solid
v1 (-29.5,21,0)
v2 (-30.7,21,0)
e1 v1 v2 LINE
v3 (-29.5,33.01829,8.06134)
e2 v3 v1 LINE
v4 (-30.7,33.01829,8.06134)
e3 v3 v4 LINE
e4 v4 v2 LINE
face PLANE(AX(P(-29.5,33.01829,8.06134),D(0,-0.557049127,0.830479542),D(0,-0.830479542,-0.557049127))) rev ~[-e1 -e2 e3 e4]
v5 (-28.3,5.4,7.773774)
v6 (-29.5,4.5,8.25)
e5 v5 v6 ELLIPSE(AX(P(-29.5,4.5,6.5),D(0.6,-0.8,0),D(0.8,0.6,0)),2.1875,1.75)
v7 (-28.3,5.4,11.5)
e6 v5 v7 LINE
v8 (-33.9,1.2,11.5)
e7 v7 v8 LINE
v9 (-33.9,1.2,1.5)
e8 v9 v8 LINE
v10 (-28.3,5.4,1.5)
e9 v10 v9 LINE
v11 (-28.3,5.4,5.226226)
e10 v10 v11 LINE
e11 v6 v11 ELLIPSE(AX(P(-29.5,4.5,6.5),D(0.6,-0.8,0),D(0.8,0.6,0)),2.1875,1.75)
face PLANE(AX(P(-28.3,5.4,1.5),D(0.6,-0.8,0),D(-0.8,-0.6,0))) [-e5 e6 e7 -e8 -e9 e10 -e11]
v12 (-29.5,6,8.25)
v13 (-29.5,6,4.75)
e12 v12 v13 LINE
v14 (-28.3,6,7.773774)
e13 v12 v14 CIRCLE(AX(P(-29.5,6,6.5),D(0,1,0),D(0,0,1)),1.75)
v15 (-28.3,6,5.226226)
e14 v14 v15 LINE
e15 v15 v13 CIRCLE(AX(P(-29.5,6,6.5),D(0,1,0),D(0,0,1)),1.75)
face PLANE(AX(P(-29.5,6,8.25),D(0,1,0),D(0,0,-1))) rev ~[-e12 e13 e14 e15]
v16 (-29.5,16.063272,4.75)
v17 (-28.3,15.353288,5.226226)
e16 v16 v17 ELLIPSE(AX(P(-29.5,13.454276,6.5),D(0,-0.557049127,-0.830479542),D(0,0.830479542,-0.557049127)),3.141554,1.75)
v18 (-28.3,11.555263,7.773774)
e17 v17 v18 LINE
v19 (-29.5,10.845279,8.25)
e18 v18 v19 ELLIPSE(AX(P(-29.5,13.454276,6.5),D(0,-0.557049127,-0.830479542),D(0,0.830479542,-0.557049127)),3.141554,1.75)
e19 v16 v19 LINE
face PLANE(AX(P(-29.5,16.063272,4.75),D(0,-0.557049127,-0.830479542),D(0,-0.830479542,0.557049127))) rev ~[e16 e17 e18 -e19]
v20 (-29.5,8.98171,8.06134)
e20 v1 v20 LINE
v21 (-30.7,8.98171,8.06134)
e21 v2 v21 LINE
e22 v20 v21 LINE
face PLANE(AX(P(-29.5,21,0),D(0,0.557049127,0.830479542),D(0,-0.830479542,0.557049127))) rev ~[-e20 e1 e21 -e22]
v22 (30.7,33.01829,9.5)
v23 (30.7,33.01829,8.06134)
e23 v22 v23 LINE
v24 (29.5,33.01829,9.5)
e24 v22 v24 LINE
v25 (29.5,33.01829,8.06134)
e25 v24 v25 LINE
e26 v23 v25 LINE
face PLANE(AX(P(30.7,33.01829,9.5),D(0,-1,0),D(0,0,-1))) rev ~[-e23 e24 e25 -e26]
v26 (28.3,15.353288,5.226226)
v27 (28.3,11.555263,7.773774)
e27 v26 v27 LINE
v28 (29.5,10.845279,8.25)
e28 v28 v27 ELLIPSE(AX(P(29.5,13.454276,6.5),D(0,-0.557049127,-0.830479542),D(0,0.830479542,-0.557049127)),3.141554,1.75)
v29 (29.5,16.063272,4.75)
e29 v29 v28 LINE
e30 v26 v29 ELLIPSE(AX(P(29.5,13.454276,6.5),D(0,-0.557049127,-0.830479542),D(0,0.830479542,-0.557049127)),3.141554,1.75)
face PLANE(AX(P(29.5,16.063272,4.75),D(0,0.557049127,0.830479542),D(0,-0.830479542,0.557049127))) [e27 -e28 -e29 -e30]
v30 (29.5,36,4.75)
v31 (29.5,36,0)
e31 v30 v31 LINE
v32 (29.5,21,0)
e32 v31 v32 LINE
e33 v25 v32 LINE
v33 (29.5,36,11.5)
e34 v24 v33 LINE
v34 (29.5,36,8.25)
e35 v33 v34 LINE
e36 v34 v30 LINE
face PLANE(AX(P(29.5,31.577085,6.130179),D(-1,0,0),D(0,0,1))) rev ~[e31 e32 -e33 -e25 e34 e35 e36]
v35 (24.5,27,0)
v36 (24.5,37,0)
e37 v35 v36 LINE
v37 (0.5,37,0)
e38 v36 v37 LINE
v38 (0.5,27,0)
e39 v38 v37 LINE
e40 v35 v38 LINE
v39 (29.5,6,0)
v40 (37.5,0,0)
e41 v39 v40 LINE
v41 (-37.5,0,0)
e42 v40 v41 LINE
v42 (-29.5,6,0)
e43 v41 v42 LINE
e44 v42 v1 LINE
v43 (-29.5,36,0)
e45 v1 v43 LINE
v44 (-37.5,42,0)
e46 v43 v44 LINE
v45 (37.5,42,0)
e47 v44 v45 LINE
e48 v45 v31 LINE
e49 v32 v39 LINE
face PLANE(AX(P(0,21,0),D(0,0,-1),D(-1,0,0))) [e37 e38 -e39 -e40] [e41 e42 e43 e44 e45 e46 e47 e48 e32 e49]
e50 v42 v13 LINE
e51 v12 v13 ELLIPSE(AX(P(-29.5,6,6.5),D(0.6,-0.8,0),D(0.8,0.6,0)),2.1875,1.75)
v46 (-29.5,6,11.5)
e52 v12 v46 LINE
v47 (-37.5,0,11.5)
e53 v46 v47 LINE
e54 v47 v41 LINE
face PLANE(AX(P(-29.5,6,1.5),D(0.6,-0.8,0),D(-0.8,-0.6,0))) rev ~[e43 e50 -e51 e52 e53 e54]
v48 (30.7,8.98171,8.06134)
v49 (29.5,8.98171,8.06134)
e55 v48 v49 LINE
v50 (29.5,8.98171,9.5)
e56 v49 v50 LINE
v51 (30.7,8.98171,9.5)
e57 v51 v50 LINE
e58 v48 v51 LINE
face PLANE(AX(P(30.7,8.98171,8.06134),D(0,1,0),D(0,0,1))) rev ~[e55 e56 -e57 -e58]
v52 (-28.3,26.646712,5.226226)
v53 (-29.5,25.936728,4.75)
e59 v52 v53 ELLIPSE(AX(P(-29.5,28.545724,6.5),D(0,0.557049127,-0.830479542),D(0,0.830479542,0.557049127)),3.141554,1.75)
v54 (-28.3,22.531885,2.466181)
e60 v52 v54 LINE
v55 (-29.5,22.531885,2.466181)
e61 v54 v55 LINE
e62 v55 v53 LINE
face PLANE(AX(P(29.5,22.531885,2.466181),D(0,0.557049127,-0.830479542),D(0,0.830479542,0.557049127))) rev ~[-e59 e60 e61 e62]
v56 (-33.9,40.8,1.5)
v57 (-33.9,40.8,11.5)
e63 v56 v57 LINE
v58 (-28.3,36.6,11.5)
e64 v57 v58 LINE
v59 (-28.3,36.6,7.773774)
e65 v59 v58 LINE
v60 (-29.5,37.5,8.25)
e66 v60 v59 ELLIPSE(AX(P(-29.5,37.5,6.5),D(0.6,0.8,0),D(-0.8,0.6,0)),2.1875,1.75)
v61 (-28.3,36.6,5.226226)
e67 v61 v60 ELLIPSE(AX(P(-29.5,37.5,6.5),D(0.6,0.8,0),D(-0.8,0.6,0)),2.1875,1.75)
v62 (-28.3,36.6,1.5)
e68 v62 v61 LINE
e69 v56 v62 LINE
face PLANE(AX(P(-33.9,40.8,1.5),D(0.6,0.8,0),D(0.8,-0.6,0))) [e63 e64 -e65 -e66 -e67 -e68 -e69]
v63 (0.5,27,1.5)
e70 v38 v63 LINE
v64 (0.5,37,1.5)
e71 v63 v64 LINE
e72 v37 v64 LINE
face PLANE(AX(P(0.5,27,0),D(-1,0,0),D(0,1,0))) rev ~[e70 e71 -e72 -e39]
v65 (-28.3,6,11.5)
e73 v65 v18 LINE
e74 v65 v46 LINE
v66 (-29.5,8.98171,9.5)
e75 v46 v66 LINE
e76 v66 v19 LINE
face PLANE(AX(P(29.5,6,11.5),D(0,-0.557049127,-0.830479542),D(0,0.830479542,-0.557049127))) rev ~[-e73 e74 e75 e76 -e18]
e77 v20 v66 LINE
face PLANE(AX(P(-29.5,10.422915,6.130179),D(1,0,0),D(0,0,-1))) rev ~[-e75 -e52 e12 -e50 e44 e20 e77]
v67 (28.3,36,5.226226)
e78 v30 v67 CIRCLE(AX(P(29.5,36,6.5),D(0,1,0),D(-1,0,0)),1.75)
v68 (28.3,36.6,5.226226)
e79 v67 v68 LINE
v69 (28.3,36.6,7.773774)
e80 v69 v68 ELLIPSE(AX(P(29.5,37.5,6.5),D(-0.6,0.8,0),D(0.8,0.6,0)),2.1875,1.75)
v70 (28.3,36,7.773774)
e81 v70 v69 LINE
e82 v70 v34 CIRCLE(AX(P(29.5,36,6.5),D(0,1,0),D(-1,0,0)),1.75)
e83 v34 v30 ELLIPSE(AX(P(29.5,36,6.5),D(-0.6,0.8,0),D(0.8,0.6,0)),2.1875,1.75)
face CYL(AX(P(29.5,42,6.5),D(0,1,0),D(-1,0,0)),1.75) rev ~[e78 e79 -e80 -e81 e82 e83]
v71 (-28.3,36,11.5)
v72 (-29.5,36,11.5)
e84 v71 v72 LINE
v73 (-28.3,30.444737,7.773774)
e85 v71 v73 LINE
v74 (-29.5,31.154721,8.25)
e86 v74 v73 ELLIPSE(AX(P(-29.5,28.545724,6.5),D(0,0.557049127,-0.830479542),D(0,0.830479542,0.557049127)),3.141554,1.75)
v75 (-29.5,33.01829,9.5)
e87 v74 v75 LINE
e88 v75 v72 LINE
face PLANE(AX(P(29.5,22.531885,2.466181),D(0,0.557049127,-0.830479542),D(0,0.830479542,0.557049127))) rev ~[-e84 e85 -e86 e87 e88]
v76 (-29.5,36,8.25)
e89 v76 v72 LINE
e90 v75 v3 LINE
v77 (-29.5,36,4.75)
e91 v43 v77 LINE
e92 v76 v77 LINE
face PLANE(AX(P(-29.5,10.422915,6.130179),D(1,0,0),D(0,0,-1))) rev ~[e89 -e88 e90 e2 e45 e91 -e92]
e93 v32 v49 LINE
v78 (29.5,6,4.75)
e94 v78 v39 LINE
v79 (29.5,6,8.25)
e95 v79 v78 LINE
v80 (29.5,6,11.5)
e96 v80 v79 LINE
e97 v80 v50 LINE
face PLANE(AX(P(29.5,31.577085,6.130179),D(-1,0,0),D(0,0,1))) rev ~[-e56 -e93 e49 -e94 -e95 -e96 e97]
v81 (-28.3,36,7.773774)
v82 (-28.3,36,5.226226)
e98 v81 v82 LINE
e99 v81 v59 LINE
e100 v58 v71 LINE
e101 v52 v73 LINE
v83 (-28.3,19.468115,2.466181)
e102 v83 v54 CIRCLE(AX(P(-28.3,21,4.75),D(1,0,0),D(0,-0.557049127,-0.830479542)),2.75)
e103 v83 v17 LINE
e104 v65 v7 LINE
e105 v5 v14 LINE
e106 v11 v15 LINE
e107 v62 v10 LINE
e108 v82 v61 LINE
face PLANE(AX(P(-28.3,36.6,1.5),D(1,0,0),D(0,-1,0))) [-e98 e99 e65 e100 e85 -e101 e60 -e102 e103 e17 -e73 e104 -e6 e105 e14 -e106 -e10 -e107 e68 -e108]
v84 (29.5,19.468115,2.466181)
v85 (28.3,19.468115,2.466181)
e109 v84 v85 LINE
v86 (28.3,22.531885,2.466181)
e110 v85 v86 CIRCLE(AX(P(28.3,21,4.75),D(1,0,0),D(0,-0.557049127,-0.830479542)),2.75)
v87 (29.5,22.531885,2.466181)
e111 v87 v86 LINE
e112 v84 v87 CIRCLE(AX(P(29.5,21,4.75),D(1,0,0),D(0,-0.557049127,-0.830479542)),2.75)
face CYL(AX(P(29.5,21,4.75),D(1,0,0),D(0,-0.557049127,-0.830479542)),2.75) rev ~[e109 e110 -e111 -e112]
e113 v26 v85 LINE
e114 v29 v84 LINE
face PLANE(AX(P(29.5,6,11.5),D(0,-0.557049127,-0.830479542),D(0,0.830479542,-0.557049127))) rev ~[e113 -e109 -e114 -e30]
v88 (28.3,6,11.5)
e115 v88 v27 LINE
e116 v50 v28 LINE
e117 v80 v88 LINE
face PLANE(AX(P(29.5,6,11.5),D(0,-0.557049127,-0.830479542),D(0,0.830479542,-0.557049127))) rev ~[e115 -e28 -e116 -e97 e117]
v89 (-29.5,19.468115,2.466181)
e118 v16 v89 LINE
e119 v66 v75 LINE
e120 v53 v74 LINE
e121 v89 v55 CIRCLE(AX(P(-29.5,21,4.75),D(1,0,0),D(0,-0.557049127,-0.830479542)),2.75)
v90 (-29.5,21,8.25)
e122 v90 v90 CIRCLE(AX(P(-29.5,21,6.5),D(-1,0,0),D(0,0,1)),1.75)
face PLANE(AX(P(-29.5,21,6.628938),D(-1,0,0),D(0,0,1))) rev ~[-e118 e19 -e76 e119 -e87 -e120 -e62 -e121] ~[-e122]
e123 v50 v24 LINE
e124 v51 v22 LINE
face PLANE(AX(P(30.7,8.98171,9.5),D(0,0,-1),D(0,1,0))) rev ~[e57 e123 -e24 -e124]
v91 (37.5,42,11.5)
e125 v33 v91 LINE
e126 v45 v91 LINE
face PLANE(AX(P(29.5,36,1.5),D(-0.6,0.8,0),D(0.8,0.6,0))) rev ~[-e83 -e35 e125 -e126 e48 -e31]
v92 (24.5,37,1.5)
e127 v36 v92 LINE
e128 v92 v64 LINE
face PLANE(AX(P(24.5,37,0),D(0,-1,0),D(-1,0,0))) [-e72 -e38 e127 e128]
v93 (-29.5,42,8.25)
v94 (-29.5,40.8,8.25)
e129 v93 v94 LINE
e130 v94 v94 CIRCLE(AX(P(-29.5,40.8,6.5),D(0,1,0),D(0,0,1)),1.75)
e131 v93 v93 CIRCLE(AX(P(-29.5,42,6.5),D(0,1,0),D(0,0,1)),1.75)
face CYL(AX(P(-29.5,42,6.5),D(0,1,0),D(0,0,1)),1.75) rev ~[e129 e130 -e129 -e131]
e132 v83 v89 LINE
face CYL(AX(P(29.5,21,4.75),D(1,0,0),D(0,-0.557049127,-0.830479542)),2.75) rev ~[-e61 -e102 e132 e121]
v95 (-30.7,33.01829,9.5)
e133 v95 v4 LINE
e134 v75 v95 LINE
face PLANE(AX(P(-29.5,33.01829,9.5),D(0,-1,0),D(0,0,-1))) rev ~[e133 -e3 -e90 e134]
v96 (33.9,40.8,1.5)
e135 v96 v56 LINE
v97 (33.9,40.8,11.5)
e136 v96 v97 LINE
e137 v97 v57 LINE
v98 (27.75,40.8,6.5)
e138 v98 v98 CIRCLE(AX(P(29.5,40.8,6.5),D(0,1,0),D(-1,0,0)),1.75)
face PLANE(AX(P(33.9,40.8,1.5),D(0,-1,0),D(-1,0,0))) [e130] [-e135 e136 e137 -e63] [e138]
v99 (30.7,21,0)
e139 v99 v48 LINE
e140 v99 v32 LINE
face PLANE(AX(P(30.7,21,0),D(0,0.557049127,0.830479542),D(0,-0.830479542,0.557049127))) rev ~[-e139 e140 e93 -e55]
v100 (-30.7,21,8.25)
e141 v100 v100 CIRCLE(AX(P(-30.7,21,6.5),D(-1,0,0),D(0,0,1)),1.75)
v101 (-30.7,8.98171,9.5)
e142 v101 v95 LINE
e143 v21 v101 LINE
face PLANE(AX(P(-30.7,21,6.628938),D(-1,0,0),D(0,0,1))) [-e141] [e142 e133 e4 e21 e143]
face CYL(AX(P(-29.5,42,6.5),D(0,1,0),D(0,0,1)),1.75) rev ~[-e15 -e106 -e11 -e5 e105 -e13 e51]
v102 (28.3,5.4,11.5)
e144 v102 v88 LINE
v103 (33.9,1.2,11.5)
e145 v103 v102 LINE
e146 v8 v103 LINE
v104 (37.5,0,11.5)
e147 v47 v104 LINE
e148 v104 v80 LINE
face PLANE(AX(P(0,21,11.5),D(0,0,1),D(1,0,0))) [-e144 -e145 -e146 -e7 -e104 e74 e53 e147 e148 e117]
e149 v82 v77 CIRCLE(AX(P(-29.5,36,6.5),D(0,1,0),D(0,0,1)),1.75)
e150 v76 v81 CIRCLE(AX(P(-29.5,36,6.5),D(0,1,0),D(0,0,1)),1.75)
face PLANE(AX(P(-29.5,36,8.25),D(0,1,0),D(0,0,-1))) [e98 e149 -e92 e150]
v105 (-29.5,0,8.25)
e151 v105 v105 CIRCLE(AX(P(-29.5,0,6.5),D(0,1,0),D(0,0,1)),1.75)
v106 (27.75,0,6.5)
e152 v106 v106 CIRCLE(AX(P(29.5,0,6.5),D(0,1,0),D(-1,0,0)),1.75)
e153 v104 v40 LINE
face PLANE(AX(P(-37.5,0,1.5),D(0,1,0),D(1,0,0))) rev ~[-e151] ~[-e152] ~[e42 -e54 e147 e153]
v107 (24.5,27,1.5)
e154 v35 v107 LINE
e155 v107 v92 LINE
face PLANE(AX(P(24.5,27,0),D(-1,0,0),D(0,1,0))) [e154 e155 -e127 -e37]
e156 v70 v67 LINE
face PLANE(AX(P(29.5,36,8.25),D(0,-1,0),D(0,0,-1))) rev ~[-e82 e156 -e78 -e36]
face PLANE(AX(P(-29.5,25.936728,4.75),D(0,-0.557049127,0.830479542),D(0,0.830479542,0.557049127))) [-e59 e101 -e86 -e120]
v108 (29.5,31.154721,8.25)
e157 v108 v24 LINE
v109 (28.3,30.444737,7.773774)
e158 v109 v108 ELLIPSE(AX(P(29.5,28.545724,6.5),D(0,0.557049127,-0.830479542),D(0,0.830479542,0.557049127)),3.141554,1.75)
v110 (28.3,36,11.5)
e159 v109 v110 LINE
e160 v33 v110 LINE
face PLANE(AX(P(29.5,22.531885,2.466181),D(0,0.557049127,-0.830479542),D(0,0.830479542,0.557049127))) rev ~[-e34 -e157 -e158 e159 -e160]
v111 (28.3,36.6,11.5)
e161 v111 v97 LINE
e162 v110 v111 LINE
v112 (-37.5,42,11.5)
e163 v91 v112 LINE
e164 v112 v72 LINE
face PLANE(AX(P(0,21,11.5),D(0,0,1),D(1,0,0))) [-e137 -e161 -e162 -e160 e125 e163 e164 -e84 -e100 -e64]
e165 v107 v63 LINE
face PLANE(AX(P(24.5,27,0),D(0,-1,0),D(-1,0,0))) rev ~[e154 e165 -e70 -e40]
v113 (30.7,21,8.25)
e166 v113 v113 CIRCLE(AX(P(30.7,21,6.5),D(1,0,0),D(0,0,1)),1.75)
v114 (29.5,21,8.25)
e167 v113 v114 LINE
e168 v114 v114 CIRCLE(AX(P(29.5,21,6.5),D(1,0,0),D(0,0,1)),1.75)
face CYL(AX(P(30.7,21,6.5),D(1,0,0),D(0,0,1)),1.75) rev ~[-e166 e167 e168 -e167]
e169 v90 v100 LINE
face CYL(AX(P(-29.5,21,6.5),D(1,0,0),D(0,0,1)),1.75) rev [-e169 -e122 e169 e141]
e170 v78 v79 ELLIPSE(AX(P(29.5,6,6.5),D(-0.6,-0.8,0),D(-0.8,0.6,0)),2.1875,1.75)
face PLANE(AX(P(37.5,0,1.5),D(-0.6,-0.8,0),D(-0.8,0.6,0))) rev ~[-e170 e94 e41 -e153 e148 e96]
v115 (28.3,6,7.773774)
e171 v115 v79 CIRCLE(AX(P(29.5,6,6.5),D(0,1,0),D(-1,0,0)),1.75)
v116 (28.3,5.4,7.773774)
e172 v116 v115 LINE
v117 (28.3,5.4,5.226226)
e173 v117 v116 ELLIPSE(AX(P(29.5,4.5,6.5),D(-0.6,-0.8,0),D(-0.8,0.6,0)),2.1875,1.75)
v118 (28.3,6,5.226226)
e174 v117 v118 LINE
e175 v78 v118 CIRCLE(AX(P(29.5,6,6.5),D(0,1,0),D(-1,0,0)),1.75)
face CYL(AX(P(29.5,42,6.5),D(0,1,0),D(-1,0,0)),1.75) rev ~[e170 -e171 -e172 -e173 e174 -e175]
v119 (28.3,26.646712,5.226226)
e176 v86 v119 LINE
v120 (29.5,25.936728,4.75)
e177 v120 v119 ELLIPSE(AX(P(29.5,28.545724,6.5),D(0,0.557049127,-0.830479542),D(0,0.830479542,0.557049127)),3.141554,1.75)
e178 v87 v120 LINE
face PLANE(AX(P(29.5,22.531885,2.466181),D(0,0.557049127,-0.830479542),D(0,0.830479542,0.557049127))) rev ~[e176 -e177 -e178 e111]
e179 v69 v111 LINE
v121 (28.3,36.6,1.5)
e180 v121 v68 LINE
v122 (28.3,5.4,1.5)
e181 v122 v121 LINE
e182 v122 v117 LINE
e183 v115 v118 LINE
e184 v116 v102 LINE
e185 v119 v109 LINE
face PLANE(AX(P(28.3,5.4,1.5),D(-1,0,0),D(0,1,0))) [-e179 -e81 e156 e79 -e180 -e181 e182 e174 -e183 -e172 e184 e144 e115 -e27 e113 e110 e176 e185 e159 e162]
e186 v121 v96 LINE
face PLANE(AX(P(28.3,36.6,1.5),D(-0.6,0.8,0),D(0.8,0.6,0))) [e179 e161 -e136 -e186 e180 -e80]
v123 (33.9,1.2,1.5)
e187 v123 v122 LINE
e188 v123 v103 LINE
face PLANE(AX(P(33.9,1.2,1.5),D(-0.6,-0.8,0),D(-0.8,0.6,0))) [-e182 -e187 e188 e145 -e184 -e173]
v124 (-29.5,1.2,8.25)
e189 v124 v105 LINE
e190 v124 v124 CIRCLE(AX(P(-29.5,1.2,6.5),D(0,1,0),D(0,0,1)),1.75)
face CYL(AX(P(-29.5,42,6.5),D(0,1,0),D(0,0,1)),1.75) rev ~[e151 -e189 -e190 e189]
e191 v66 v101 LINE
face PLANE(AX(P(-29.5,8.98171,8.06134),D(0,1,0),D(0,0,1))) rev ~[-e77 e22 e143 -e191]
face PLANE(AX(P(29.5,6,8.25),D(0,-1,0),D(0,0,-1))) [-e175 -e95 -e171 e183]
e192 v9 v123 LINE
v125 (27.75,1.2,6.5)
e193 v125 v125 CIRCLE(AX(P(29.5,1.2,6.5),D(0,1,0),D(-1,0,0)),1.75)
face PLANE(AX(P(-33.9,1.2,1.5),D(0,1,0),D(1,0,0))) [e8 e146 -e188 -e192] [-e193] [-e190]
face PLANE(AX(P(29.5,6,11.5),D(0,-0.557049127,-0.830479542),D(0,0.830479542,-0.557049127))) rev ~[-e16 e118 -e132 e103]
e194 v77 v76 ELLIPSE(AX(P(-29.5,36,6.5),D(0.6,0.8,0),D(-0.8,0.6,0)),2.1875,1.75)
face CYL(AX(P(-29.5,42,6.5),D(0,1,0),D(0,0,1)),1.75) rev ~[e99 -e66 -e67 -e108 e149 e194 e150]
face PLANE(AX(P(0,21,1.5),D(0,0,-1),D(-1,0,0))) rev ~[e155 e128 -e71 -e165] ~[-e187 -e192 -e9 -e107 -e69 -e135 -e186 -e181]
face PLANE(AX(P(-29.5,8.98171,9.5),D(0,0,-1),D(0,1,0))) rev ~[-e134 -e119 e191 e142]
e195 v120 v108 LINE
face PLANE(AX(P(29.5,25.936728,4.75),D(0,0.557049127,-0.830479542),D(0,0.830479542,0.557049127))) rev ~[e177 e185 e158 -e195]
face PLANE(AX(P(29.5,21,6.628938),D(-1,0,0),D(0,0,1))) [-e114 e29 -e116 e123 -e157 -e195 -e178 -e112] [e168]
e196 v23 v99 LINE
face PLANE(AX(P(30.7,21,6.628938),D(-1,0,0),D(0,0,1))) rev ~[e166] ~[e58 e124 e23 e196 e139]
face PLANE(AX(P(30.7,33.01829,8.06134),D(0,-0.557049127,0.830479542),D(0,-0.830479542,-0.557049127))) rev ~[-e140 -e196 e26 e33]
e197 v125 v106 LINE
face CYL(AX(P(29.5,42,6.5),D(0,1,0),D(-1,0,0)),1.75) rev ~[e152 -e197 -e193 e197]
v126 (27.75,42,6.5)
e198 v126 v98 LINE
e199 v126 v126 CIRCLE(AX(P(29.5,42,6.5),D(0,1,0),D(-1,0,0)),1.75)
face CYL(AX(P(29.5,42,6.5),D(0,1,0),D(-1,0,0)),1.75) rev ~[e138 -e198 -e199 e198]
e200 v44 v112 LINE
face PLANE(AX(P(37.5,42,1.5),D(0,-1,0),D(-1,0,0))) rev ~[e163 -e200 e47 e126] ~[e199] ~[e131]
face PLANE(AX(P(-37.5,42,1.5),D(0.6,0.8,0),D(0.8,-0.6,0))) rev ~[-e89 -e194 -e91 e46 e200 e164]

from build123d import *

# Parameters (mm, degrees)
EXTRUDE_1_DEPTH     = 1.5
EXTRUDE_2_DEPTH     = 10
SKETCH_3_R          = 1.75
CUT_EXTRUDE_1_DEPTH = 58.467382053
CUT_EXTRUDE_2_DEPTH = 80.907759323
EXTRUDE_3_DEPTH     = 1.2
EXTRUDE_4_DEPTH     = 1.2
SKETCH_7_R          = 1.75
EXTRUDE_5_DEPTH     = 1.2
EXTRUDE_START       = 1.2
SKETCH_8_R          = 1.75
EXTRUDE_6_DEPTH     = 1.2
SKETCH_9_W          = 24
SKETCH_9_H          = 10
CUT_EXTRUDE_4_DEPTH = 58.467382053


with BuildPart() as part:
    # 草图1 → 凸台-拉伸1 (new body)
    with BuildSketch(Plane.XY):
        Polygon((29.5, 6), (37.5, 0), (-37.5, 0), (-29.5, 6), (-29.5, 36), (-37.5, 42), (37.5, 42), (29.5, 36), align=None)
    extrude(amount=EXTRUDE_1_DEPTH)

    # 草图2 → 凸台-拉伸2 (add)
    with BuildSketch(Plane.XY.offset(1.5)):
        Polygon((29.5, 36), (37.5, 42), (-37.5, 42), (-29.5, 36), (-29.5, 6), (-37.5, 0), (37.5, 0), (29.5, 6), align=None)
        Polygon((28.3, 36.6), (33.9, 40.8), (-33.9, 40.8), (-28.3, 36.6), (-28.3, 5.4), (-33.9, 1.2), (33.9, 1.2), (28.3, 5.4), align=None, mode=Mode.SUBTRACT)
    extrude(amount=EXTRUDE_2_DEPTH)

    # 草图3 → 切除-拉伸1 (cut, through all)
    with BuildSketch(Plane(origin=(0, 42, 0), x_dir=(1, 0, 0), z_dir=(0, 1, 0))):
        with Locations(Location((-29.5, -6.5, 0), (0, 0, 270))):
            Circle(SKETCH_3_R)
        with Locations(Location((29.5, -6.5, 0), (0, 0, 180))):
            Circle(SKETCH_3_R)
    extrude(amount=-CUT_EXTRUDE_1_DEPTH, mode=Mode.SUBTRACT)

    # 草图4 → 切除-拉伸2 (cut, through all)
    with BuildSketch(Plane(origin=(29.5, 0, 0), x_dir=(0, 0, -1), z_dir=(1, 0, 0))):
        with BuildLine():
            Line((-2.466181259, 22.5318851), (-11.5, 36))
            Line((-11.5, 36), (-11.5, 6))
            Line((-11.5, 6), (-2.466181259, 19.4681149))
            ThreePointArc((-2.466181259, 19.4681149), (-2, 21), (-2.466181259, 22.5318851))
        make_face()
    extrude(amount=-CUT_EXTRUDE_2_DEPTH, mode=Mode.SUBTRACT)

    # 草图5 → 凸台-拉伸3 (add)
    with BuildSketch(Plane(origin=(29.5, 0, 0), x_dir=(0, 0, -1), z_dir=(1, 0, 0))):
        Polygon((-4.75, 25.936727957), (-8.25, 31.154720868), (-8.25, 36), (-4.75, 36), align=None)
        Polygon((-4.75, 16.063272043), (-8.25, 10.845279132), (-8.25, 6), (-4.75, 6), align=None)
    extrude(amount=-EXTRUDE_3_DEPTH)

    # 草图6 → 凸台-拉伸4 (add)
    with BuildSketch(Plane.ZY.offset(29.5)):
        Polygon((8.25, 6), (4.75, 6), (4.75, 16.063272043), (8.25, 10.845279132), align=None)
        Polygon((4.75, 25.936727957), (8.25, 31.154720868), (8.25, 36), (4.75, 36), align=None)
    extrude(amount=-EXTRUDE_4_DEPTH)

    # 草图7 → 凸台-拉伸5 (add)
    with BuildSketch(Plane.ZY.offset(29.5)):
        Polygon((9.5, 21), (9.5, 33.018289765), (8.061339847, 33.018289765), (0, 21), (8.061339847, 8.981710235), (9.5, 8.981710235), align=None)
        with Locations((6.5, 21)):
            Circle(SKETCH_7_R, mode=Mode.SUBTRACT)
    extrude(amount=EXTRUDE_5_DEPTH)

    # 草图8 → 凸台-拉伸6 (add)
    with BuildSketch(Plane(origin=(29.5, 0, 0), x_dir=(0, 0, -1), z_dir=(1, 0, 0)).offset(EXTRUDE_START)):
        Polygon((-9.5, 8.981710235), (-9.5, 33.018289765), (-8.061339847, 33.018289765), (0, 21), (-8.061339847, 8.981710235), align=None)
        with Locations(Location((-6.5, 21, 0), (0, 0, 180))):
            Circle(SKETCH_8_R, mode=Mode.SUBTRACT)
    extrude(amount=-EXTRUDE_6_DEPTH)

    # 草图9 → 切除-拉伸4 (cut, through all)
    with BuildSketch(Plane(origin=(0, 0, 0), x_dir=(-1, 0, 0), z_dir=(0, 0, -1))):
        with Locations((-12.5, 32)):
            Rectangle(SKETCH_9_W, SKETCH_9_H)
    extrude(amount=-CUT_EXTRUDE_4_DEPTH, mode=Mode.SUBTRACT)


solid = part.part
